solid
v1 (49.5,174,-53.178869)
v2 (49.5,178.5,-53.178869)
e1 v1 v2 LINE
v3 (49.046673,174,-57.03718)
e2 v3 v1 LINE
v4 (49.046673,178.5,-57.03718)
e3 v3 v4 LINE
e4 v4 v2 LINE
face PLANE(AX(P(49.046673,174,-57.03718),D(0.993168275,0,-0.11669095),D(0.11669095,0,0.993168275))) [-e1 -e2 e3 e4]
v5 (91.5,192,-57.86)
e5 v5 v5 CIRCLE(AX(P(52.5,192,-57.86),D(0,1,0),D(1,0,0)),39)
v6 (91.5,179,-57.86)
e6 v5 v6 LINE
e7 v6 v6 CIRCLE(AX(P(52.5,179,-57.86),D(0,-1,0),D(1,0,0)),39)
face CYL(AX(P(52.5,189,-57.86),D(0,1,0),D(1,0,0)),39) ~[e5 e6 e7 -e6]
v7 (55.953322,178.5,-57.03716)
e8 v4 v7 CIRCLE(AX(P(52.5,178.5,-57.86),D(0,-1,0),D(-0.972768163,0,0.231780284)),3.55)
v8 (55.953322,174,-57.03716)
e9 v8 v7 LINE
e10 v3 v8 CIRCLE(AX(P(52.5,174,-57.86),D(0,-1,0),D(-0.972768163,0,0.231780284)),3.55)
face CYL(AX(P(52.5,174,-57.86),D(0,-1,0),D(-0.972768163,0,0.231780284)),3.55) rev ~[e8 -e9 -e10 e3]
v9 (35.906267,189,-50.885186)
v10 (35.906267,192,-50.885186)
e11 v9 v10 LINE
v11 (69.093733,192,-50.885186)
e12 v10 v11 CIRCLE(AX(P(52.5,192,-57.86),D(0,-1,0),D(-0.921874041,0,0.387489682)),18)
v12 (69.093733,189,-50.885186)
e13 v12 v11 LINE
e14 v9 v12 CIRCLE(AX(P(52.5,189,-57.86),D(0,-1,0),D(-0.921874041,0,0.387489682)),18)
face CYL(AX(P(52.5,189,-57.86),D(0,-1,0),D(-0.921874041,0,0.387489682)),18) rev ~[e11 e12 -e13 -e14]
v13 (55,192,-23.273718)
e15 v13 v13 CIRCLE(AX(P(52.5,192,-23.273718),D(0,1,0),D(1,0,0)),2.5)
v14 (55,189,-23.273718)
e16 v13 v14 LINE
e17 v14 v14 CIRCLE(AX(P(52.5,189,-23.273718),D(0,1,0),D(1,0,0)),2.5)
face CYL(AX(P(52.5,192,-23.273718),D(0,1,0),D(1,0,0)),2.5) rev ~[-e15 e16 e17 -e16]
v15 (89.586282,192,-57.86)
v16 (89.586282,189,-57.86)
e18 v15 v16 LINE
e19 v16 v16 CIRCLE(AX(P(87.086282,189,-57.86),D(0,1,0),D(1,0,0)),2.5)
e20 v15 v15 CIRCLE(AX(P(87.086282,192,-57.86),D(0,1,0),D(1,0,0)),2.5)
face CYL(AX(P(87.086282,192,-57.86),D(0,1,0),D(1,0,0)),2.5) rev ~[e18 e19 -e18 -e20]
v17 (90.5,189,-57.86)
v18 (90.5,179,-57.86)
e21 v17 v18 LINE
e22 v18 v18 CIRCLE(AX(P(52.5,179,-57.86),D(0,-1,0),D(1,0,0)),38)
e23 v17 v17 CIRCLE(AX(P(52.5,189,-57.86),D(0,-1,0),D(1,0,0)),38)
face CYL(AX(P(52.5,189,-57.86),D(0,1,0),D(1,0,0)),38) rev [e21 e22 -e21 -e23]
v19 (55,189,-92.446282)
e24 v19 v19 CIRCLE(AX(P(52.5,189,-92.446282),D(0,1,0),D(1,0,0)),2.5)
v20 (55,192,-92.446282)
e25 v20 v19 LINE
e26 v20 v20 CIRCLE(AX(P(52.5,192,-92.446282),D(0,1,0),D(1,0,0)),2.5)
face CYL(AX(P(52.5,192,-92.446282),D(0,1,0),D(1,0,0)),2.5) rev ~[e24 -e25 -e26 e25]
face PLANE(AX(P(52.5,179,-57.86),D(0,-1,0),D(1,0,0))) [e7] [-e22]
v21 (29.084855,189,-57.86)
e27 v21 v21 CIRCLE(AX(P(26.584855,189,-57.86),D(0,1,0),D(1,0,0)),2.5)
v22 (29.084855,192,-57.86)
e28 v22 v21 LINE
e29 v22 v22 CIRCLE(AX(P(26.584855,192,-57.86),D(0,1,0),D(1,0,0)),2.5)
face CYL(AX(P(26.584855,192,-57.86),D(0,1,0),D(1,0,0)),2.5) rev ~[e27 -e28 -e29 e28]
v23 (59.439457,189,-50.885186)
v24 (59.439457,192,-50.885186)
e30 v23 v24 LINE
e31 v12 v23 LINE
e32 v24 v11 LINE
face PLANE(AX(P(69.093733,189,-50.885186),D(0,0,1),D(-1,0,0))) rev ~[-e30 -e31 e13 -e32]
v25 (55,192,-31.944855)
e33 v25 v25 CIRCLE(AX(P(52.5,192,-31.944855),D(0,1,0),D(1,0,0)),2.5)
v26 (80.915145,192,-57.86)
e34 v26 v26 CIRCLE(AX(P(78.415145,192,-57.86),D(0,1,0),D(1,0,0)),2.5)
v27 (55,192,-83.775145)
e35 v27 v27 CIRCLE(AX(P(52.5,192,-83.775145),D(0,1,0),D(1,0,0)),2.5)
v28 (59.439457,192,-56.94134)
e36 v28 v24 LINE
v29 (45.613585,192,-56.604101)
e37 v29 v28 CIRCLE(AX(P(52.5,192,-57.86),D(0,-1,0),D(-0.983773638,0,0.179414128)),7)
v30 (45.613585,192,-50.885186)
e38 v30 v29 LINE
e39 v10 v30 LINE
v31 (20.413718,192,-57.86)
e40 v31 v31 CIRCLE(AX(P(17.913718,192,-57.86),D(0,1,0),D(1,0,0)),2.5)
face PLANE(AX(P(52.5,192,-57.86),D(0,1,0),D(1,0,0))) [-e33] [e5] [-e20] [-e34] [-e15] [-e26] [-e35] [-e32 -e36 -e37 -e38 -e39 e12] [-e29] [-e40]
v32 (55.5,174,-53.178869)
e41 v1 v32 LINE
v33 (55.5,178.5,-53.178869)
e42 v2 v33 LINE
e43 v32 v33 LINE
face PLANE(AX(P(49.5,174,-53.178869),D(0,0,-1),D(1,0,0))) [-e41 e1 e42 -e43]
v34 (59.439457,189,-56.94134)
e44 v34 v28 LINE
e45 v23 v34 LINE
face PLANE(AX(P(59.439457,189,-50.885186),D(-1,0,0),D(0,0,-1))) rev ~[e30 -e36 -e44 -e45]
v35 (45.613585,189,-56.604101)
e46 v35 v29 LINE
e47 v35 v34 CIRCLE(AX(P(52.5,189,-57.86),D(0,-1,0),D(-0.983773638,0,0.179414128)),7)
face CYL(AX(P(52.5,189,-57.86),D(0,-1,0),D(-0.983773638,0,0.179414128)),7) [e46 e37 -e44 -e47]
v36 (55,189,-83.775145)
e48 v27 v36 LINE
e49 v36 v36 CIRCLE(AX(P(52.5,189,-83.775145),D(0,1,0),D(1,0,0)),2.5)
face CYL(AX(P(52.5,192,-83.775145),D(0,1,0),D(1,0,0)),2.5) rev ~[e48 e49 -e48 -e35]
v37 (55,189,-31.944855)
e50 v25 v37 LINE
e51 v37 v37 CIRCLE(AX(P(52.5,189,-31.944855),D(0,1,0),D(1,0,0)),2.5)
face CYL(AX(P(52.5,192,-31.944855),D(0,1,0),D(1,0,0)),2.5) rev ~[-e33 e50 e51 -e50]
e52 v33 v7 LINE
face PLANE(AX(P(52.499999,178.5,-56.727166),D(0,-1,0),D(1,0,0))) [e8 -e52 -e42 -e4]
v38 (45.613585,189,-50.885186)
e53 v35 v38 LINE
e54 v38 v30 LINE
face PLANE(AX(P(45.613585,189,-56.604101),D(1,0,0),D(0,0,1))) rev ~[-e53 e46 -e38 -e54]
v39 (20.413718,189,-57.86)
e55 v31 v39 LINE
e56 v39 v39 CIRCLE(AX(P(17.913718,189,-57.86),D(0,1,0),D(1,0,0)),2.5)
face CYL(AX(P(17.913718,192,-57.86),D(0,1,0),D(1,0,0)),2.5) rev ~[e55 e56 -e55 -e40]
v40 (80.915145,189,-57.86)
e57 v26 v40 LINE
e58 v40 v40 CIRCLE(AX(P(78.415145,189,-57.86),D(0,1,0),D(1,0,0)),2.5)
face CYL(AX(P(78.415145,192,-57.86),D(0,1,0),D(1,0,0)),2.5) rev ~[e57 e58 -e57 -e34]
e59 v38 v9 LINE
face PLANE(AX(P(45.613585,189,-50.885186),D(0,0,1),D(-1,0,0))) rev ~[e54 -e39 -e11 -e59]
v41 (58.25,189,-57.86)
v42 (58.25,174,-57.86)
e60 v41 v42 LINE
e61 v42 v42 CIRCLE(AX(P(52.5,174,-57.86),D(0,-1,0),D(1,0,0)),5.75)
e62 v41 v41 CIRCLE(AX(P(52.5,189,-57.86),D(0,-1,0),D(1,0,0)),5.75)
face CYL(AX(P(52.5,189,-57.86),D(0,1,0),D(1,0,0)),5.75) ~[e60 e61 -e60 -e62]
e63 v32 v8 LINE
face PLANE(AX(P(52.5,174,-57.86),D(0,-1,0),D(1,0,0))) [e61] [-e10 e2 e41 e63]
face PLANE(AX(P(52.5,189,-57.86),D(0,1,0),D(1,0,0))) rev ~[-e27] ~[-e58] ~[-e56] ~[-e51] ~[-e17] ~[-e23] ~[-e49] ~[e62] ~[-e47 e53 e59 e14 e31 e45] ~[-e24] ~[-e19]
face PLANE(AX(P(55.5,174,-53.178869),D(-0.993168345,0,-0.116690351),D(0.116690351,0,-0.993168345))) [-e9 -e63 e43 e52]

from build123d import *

# Parameters (mm, degrees)
SKETCH086_R     = 5.75
PAD036_DEPTH    = 15
SKETCH087_R     = 39
PAD037_DEPTH    = 3
SKETCH090_R     = 39
SKETCH090_R_2   = 38
PAD040_DEPTH    = 10
POCKET042_DEPTH = 5
SKETCH092_R     = 2.5
POCKET043_DEPTH = 5
POCKET044_DEPTH = 4.5


with BuildPart() as part:
    # Sketch086 → Pad036 (new body)
    with BuildSketch(Plane.XZ):
        with Locations((52.5, -57.86)):
            Circle(SKETCH086_R)
    extrude(amount=PAD036_DEPTH)

    # Sketch087 (on Face2 of Pad036) → Pad037 (join)
    with BuildSketch(Plane(origin=(0, 0, 0), x_dir=(1, 0, 0), z_dir=(0, 1, 0))):
        with Locations((52.5, 57.86)):
            Circle(SKETCH087_R)
    extrude(amount=PAD037_DEPTH)

    # Sketch090 → Pad040 (join)
    with BuildSketch(Plane.XZ):
        with Locations((52.5, -57.86)):
            Circle(SKETCH090_R)
        with Locations((52.5, -57.86)):
            Circle(SKETCH090_R_2, mode=Mode.SUBTRACT)
    extrude(amount=PAD040_DEPTH)

    # Sketch091 (on Face6 of Pad040) → Pocket042 (cut)
    with BuildSketch(Plane.XZ):
        with BuildLine():
            ThreePointArc((35.9062672696, -50.8851857321), (52.5, -75.86), (69.0937327304, -50.8851857321))
            Line((69.0937327304, -50.8851857321), (59.439457, -50.8851857321))
            Line((59.439457, -50.8851857321), (59.439457, -56.9413398097))
            ThreePointArc((45.6135845341, -56.6041011066), (52.3293077717, -64.8579185593), (59.439457, -56.9413398097))
            Line((45.6135845341, -56.6041011066), (45.6135845341, -50.8851857321))
            Line((45.6135845341, -50.8851857321), (35.9062672696, -50.8851857321))
        make_face()
    extrude(amount=-POCKET042_DEPTH, mode=Mode.SUBTRACT)

    # Sketch092 (on Face3 of Pocket042) → Pocket043 (cut)
    with BuildSketch(Plane(origin=(0, 3, 0), x_dir=(1, 0, 0), z_dir=(0, 1, 0))):
        with Locations((17.9137178727, 57.86)):
            Circle(SKETCH092_R)
        with Locations((26.5848547865, 57.86)):
            Circle(SKETCH092_R)
        with Locations((52.5, 92.4462821273)):
            Circle(SKETCH092_R)
        with Locations((52.5, 83.7751452135)):
            Circle(SKETCH092_R)
        with Locations((78.4151452135, 57.86)):
            Circle(SKETCH092_R)
        with Locations((87.0862821273, 57.86)):
            Circle(SKETCH092_R)
        with Locations((52.5, 31.9448547865)):
            Circle(SKETCH092_R)
        with Locations((52.5, 23.2737178727)):
            Circle(SKETCH092_R)
    extrude(amount=-POCKET043_DEPTH, mode=Mode.SUBTRACT)

    # Sketch093 (on Face22 of Pocket043) → Pocket044 (cut)
    with BuildSketch(Plane.XZ.offset(15)):
        with BuildLine():
            ThreePointArc((49.0466730198, -57.0371799905), (52.5000100371, -61.41), (55.9533223273, -57.037160463))
            Line((55.5, -53.178869006), (55.9533223273, -57.037160463))
            Line((49.5, -53.178869006), (55.5, -53.178869006))
            Line((49.0466730198, -57.0371799905), (49.5, -53.178869006))
        make_face()
    extrude(amount=-POCKET044_DEPTH, mode=Mode.SUBTRACT)


with BuildPart() as part_1:
    # Body011 placement: moved
    add(part.part.moved(Location((0, 189, 0))))


solid = part_1.part
